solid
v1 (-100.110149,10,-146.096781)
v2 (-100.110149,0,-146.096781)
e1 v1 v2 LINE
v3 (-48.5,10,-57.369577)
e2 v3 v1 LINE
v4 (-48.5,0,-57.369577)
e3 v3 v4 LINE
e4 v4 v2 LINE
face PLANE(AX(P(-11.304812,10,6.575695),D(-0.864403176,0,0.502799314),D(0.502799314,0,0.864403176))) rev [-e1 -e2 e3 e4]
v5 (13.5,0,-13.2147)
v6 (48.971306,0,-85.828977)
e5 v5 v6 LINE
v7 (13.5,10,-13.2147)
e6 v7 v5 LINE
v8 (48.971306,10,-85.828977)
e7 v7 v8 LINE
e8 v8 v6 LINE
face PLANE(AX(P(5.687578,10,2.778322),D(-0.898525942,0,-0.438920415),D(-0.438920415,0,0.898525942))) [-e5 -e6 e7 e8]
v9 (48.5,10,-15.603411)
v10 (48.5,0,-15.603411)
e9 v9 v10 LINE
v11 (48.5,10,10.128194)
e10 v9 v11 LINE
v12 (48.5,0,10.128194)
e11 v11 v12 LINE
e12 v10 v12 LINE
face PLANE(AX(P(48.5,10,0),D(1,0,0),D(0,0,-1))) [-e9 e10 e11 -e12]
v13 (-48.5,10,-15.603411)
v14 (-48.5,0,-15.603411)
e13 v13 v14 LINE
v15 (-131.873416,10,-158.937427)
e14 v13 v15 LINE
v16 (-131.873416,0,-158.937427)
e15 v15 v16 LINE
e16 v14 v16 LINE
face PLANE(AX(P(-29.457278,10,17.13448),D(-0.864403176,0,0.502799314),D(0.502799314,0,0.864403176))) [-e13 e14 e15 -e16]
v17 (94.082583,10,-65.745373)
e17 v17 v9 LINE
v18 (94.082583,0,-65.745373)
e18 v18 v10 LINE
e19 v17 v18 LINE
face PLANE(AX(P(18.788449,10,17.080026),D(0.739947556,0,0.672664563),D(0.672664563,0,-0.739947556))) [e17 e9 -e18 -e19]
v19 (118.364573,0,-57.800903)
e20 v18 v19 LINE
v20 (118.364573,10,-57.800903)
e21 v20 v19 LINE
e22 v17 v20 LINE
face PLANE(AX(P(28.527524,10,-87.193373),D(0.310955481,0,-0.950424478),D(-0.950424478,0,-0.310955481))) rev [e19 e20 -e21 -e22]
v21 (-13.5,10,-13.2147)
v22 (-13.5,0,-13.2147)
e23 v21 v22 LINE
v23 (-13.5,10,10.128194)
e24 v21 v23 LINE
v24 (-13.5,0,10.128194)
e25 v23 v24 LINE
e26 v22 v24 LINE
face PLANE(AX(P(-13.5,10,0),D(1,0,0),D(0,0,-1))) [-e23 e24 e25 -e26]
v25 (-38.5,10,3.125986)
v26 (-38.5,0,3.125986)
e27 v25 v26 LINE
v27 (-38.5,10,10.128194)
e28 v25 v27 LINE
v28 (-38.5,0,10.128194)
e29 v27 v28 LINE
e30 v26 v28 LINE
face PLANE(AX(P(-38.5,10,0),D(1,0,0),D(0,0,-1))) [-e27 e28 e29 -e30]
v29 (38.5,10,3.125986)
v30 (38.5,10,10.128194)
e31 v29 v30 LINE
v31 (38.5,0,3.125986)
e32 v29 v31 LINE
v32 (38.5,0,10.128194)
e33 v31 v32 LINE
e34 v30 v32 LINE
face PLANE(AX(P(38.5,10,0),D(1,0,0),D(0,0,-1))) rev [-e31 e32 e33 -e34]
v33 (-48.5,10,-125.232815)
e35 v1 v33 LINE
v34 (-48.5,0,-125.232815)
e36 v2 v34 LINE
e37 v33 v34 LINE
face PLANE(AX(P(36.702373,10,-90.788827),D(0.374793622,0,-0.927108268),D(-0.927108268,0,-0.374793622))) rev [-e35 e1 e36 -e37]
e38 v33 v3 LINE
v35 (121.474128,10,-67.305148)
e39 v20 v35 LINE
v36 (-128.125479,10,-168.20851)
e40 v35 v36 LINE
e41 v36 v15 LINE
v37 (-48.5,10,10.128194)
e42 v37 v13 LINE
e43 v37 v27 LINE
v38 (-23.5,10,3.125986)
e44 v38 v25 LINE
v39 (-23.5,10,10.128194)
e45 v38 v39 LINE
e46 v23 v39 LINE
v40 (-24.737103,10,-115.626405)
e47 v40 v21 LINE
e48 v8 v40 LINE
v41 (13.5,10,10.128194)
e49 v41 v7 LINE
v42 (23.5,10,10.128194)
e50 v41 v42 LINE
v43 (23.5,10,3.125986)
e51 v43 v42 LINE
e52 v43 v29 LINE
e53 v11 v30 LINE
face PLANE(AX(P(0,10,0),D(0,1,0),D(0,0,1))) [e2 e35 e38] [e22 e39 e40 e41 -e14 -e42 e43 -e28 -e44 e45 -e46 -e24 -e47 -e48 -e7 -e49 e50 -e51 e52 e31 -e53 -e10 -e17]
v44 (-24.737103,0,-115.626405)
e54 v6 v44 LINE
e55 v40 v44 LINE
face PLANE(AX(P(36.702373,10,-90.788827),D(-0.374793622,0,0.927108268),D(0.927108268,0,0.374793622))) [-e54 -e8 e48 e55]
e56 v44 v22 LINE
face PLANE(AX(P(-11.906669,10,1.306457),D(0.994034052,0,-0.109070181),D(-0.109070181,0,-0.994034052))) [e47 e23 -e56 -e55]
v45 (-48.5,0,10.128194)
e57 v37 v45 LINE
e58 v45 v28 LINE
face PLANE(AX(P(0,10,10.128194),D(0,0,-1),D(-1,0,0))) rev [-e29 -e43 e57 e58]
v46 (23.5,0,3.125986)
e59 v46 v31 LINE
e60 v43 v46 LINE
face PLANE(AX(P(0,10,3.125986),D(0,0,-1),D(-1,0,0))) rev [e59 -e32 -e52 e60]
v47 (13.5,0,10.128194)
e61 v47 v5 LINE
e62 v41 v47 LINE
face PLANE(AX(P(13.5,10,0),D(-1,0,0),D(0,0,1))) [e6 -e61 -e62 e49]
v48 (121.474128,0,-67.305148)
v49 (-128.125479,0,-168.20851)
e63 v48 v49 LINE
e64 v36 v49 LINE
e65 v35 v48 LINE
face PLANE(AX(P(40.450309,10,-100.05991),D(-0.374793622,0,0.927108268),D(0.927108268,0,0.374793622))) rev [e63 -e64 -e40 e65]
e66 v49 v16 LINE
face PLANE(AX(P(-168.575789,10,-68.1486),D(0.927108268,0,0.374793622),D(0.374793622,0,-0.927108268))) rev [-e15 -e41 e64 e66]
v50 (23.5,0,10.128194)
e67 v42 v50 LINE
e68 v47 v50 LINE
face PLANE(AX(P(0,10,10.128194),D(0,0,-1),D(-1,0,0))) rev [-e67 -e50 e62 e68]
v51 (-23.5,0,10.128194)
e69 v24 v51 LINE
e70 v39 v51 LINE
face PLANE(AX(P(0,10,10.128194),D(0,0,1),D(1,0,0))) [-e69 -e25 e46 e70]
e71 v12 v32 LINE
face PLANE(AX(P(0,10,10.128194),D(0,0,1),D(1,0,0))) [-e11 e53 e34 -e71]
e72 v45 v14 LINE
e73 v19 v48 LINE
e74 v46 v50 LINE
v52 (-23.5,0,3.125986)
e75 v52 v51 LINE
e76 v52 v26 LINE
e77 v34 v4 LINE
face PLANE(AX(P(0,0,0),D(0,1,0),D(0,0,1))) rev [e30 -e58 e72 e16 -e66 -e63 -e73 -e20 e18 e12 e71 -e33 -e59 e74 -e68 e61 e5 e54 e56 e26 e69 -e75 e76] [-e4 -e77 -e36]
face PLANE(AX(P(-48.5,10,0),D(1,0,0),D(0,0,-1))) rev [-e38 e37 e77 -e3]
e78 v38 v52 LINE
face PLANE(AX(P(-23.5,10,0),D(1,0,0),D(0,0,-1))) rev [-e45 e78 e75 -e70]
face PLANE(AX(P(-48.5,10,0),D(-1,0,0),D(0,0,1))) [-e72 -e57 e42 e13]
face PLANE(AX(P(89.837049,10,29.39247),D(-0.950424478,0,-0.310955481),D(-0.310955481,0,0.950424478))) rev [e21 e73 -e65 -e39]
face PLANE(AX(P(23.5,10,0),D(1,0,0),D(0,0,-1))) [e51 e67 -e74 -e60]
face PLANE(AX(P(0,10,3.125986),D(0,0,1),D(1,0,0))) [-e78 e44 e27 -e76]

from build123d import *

# Parameters (mm, degrees)
BOSS_EXTRUDE1_DEPTH = 10


with BuildPart() as part:
    # Sketch1 → Boss-Extrude1 (new body)
    with BuildSketch(Plane(origin=(0, 0, 0), x_dir=(1, 0, 0), z_dir=(0, 1, 0))):
        Polygon((13.5, 3.125985755), (13.5, -3.125985755), (13.5, -10.128193845), (23.5, -10.128193845), (23.5, -3.125985755), (38.5, -3.125985755), (38.5, -10.128193845), (48.5, -10.128193845), (48.5, -3.125985755), (48.5, 15.603410537), (94.082583098, 65.745372538), (118.364573122, 57.800903455), (121.474127931, 67.305148238), (-128.125479481, 168.208510016), (-131.873415704, 158.937427336), (-48.5, 15.603410537), (-48.5, -3.125985755), (-48.5, -10.128193845), (-38.5, -10.128193845), (-38.5, -3.125985755), (-23.5, -3.125985755), (-23.5, -10.128193845), (-13.5, -10.128193845), (-13.5, -3.125985755), (-13.5, 3.125985755), (-13.5, 13.214699594), (-24.737103286, 115.626405321), (48.971306344, 85.828977352), (13.5, 13.214699594), align=None)
        Polygon((-98.688732225, 145.522157347), (-48.5, 125.232815319), (-48.5, 57.36957732), (-100.110149338, 146.096780708), align=None, mode=Mode.SUBTRACT)
    extrude(amount=BOSS_EXTRUDE1_DEPTH)


solid = part.part
